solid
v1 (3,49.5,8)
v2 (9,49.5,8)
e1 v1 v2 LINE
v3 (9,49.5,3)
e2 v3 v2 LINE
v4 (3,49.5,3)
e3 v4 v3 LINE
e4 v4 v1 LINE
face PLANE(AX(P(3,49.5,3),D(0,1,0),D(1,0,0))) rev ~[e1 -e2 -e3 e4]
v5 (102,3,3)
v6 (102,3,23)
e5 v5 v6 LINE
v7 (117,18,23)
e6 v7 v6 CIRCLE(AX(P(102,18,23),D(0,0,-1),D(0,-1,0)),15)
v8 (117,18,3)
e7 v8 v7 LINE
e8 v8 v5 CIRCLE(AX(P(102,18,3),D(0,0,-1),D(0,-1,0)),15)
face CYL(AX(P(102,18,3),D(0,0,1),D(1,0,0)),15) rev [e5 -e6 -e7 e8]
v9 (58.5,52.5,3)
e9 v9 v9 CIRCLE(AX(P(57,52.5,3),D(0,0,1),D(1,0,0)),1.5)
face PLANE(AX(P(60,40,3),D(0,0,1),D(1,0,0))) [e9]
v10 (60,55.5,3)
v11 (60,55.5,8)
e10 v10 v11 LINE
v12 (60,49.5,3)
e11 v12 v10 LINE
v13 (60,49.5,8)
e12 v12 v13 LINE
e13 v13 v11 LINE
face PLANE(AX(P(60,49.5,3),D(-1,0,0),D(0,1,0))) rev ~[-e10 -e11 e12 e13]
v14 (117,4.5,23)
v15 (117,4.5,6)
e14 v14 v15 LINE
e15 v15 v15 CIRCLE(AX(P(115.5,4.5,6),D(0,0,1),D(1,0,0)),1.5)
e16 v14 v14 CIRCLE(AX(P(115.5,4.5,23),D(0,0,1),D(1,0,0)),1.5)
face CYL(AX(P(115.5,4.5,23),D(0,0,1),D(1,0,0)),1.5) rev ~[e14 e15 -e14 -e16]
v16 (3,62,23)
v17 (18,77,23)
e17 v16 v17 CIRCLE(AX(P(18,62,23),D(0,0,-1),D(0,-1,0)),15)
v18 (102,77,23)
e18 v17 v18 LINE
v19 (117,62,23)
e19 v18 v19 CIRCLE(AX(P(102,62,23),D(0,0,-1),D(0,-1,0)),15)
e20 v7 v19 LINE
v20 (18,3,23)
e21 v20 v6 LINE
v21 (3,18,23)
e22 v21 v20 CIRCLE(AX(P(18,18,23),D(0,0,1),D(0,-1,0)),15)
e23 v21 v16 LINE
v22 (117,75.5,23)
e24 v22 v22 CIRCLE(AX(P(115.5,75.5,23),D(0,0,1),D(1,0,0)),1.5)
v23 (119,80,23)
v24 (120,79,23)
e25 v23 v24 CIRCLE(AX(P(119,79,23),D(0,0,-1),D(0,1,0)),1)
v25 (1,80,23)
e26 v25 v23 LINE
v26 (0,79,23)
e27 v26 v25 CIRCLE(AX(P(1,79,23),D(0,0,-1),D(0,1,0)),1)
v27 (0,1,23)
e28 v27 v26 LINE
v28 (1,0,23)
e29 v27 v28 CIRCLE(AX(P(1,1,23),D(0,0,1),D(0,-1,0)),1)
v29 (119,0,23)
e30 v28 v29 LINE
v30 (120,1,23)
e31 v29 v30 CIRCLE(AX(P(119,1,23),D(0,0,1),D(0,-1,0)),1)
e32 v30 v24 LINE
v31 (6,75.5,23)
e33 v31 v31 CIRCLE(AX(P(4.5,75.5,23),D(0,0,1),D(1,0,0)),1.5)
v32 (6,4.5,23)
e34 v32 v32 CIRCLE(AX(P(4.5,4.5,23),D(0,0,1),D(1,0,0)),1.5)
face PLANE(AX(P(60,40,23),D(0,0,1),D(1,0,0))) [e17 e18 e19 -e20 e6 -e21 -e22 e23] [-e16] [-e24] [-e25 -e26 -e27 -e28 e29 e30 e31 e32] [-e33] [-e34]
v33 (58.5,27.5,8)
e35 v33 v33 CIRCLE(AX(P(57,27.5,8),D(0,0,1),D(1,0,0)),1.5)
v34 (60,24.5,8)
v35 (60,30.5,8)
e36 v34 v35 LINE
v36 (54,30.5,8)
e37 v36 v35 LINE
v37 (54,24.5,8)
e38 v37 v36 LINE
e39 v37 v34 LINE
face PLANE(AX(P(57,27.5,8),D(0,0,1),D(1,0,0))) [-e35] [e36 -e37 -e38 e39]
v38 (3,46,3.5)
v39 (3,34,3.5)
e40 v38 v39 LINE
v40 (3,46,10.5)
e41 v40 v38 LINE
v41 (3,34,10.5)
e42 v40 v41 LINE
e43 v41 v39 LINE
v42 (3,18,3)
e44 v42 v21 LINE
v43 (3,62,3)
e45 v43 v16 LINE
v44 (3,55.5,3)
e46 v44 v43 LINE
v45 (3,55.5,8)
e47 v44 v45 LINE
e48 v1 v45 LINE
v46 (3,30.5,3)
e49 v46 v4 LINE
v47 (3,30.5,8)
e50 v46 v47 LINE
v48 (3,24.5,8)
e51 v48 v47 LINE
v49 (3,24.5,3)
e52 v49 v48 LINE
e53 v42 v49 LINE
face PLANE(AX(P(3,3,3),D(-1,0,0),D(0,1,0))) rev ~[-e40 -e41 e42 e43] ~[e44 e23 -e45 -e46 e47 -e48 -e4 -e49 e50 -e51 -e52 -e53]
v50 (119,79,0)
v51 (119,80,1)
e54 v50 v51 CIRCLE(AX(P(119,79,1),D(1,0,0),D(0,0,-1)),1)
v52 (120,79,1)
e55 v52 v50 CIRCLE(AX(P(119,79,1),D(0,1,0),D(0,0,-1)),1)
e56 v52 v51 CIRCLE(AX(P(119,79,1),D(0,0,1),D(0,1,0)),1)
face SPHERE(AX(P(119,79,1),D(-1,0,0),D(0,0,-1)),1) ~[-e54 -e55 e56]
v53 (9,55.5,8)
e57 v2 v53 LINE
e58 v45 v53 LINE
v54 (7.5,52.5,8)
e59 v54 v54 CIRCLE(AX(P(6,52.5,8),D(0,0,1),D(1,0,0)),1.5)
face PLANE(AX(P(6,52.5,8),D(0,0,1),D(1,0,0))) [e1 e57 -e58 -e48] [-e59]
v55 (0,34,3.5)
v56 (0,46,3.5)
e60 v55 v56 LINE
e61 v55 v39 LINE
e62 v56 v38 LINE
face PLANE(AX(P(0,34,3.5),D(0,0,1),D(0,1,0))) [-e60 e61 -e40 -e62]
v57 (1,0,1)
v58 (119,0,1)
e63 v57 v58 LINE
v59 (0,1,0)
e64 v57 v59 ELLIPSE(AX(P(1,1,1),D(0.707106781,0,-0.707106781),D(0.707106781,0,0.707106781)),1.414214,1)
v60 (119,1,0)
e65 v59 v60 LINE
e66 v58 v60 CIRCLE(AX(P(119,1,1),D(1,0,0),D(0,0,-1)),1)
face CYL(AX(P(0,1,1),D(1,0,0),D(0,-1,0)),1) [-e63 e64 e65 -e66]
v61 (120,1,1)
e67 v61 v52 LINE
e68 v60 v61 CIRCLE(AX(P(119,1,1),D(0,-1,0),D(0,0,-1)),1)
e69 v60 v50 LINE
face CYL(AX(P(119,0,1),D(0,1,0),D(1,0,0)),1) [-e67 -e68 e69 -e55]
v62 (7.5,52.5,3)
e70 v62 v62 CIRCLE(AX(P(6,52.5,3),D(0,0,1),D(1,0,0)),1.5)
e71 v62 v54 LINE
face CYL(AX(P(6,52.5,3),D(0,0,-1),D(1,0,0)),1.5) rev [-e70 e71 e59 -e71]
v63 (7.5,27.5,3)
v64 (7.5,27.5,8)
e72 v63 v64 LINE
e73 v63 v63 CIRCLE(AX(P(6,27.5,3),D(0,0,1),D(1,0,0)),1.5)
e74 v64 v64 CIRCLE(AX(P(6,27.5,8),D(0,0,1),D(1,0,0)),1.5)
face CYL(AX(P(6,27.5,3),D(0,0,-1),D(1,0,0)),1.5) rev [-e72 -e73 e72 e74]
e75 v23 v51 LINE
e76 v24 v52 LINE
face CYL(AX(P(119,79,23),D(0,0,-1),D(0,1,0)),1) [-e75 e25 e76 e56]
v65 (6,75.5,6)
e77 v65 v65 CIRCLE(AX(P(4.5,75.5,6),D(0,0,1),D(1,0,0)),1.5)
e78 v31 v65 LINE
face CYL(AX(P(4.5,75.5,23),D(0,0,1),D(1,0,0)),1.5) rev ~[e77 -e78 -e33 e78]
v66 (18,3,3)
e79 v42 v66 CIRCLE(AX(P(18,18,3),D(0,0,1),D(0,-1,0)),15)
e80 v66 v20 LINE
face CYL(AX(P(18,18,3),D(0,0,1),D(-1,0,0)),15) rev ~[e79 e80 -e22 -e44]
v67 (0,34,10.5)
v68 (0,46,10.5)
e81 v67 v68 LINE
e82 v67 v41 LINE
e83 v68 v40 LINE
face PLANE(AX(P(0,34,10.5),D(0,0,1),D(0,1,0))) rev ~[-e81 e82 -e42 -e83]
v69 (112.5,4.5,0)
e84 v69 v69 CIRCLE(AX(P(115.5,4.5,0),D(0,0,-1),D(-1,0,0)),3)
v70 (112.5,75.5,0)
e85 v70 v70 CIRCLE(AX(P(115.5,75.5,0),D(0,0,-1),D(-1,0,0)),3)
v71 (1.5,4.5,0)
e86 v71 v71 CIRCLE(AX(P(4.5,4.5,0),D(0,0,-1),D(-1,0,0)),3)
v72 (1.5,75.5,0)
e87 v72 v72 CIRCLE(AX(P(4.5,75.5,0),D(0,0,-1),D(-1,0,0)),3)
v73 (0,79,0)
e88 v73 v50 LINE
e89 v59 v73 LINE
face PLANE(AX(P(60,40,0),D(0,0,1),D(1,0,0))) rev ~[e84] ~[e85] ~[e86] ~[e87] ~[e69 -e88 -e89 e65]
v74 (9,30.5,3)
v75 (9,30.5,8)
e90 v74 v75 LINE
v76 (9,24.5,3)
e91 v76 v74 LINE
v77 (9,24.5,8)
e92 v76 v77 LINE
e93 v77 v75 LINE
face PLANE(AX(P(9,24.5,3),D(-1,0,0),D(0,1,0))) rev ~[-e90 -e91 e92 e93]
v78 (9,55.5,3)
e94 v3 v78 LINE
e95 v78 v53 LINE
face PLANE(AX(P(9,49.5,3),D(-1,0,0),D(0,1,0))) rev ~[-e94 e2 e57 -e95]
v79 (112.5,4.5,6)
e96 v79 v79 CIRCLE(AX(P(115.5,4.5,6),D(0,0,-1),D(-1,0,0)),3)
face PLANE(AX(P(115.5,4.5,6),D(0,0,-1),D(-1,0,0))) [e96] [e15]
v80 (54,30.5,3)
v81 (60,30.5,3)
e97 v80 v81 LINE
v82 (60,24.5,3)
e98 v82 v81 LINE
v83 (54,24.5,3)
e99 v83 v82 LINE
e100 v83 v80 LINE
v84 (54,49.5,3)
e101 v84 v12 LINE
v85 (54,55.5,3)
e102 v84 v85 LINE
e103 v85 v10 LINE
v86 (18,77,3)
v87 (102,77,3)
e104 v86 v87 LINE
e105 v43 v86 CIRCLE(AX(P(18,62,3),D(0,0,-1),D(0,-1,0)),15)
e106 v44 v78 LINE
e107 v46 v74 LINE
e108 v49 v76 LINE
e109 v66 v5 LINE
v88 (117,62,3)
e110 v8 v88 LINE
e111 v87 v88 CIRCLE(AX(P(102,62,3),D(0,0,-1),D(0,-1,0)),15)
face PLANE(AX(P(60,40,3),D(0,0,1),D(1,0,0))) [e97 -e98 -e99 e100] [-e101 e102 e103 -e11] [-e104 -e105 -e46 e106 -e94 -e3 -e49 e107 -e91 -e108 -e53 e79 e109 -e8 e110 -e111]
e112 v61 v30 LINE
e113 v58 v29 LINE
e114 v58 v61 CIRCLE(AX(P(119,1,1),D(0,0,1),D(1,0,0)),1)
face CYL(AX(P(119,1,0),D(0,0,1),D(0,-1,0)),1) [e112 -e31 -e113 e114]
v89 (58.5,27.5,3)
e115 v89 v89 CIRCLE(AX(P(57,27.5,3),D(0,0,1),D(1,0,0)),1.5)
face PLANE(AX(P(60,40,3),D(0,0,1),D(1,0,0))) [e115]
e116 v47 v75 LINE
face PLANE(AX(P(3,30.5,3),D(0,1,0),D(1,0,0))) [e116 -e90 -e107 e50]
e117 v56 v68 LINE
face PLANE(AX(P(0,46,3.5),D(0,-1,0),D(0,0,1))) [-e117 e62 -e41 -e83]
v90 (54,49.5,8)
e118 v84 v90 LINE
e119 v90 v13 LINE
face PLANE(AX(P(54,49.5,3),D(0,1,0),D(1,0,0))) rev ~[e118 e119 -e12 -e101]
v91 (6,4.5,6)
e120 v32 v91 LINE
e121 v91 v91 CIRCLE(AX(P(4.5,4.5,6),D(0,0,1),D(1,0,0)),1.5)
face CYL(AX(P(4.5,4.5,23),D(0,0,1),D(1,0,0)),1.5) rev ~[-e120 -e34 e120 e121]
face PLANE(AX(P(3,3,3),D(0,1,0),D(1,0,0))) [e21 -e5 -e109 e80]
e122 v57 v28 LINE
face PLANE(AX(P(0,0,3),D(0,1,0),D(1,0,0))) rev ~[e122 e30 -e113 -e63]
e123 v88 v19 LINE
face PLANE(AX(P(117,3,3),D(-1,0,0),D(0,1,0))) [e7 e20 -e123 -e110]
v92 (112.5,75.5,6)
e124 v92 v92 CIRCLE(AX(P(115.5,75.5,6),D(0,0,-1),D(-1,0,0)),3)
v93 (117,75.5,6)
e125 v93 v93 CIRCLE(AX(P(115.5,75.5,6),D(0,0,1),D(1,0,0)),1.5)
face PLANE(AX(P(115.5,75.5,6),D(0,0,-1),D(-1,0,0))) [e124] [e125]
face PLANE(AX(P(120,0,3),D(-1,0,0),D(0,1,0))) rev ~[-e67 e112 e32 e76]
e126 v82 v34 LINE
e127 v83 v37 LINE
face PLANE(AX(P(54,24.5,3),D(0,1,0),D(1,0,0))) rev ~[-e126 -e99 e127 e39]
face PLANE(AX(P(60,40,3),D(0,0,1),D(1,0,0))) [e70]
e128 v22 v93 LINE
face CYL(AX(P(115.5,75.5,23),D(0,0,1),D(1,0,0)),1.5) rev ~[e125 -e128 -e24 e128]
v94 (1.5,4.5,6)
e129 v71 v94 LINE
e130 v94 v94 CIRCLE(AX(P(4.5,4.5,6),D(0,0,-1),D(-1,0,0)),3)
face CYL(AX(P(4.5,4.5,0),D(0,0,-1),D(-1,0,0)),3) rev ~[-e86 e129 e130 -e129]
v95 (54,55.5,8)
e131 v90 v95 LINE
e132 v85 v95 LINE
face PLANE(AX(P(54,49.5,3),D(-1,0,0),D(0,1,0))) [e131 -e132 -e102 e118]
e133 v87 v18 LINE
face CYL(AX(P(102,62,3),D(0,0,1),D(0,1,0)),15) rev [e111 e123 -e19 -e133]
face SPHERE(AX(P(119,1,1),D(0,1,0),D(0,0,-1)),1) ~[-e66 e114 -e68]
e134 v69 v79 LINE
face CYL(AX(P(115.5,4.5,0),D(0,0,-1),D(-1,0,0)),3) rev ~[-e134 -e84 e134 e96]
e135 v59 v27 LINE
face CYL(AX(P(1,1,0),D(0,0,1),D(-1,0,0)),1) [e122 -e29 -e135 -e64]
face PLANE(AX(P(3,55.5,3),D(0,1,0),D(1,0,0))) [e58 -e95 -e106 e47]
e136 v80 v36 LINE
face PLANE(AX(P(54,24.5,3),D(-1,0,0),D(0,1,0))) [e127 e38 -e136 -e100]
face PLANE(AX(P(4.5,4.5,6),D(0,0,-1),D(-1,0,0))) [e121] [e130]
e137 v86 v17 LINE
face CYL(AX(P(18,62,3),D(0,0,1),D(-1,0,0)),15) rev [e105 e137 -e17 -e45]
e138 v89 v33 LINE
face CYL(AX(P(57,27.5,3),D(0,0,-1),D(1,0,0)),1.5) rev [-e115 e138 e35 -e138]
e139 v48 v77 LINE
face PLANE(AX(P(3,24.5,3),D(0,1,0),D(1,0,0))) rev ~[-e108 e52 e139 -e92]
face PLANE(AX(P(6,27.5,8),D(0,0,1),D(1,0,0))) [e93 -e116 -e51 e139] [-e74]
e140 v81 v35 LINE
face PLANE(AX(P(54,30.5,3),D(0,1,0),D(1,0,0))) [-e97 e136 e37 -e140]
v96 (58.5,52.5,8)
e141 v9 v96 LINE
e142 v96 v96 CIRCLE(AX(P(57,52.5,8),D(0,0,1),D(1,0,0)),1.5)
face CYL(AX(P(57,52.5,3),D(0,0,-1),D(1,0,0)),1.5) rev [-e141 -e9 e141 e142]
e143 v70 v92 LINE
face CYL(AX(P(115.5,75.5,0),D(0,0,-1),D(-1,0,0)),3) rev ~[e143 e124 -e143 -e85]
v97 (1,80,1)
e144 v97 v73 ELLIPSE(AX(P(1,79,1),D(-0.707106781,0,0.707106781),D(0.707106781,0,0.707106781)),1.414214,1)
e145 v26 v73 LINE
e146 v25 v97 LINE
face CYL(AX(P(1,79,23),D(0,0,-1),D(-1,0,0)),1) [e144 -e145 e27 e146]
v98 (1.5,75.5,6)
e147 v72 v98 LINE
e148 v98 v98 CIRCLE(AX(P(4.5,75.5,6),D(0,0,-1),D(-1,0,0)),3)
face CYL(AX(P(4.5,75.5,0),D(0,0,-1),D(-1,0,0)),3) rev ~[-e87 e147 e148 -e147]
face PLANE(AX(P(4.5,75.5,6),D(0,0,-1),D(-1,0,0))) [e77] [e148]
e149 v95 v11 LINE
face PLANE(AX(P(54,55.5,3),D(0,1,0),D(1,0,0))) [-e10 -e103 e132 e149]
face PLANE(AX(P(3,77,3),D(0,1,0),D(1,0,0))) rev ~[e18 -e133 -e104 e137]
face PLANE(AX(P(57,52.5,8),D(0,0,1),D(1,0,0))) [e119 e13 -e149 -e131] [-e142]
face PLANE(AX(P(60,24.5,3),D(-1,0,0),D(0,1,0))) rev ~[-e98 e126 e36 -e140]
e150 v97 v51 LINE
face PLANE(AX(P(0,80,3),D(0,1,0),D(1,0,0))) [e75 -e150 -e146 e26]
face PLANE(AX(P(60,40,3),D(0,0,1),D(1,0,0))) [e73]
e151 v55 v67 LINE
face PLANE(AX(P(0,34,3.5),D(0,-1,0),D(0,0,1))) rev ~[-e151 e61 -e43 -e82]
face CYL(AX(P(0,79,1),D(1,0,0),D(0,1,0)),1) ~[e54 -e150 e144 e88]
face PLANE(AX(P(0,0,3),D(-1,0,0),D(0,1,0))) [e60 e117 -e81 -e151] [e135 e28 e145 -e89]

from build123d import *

# Parameters (mm, degrees)
ESQUISSE1_W             = 120
ESQUISSE1_H             = 80
BOSS_EXTRU_1_DEPTH      = 3
ESQUISSE4_W             = 120
ESQUISSE4_H             = 80
ESQUISSE4_W_2           = 114
ESQUISSE4_H_2           = 74
BOSS_EXTRU_3_DEPTH      = 20
CONG_1_R                = 15
ESQUISSE5_R             = 1.5
ENL_V_MAT_EXTRU_1_DEPTH = 147.044513762
ESQUISSE7_R             = 3
ENL_V_MAT_EXTRU_3_DEPTH = 6
ESQUISSE8_W             = 6
ESQUISSE8_H             = 6
ESQUISSE8_R             = 1.5
BOSS_EXTRU_4_DEPTH      = 5
ENL_V_MAT_EXTRU_4_REACH = 148.045
ESQUISSE9_W             = 7
ESQUISSE9_H             = 12
CONG_3_R                = 1


with BuildPart() as part:
    # Esquisse1 → Boss.-Extru.1 (new body)
    with BuildSketch(Plane.XY):
        with Locations((60, 40)):
            Rectangle(ESQUISSE1_W, ESQUISSE1_H)
    extrude(amount=BOSS_EXTRU_1_DEPTH)

    # Esquisse4 → Boss.-Extru.3 (add)
    with BuildSketch(Plane.XY.offset(3)):
        with Locations((60, 40)):
            Rectangle(ESQUISSE4_W, ESQUISSE4_H)
        with Locations((60, 40)):
            Rectangle(ESQUISSE4_W_2, ESQUISSE4_H_2, mode=Mode.SUBTRACT)
    extrude(amount=BOSS_EXTRU_3_DEPTH)

    # Congé1
    cong_1_edges = [part.edges().sort_by_distance(p)[0] for p in [
        (3, 3, 13),
        (117, 3, 13),
        (117, 77, 13),
        (3, 77, 13),
    ]]
    fillet(cong_1_edges, radius=CONG_1_R)

    # Esquisse5 → Enlèv. mat.-Extru.1 (cut, through all)
    with BuildSketch(Plane.XY.offset(23)):
        with Locations((4.5, 75.5)):
            Circle(ESQUISSE5_R)
        with Locations((115.5, 75.5)):
            Circle(ESQUISSE5_R)
        with Locations((115.5, 4.5)):
            Circle(ESQUISSE5_R)
        with Locations((4.5, 4.5)):
            Circle(ESQUISSE5_R)
    extrude(amount=-ENL_V_MAT_EXTRU_1_DEPTH, mode=Mode.SUBTRACT)

    # Esquisse7 → Enlèv. mat.-Extru.3 (cut)
    with BuildSketch(Plane(origin=(0, 0, 0), x_dir=(-1, 0, 0), z_dir=(0, 0, -1))):
        with Locations((-115.5, 75.5)):
            Circle(ESQUISSE7_R)
        with Locations((-4.5, 75.5)):
            Circle(ESQUISSE7_R)
        with Locations((-4.5, 4.5)):
            Circle(ESQUISSE7_R)
        with Locations((-115.5, 4.5)):
            Circle(ESQUISSE7_R)
    extrude(amount=-ENL_V_MAT_EXTRU_3_DEPTH, mode=Mode.SUBTRACT)

    # Esquisse8 → Boss.-Extru.4 (add)
    # profile 1 of 4: a face of its own
    with BuildSketch(Plane.XY.offset(3)):
        with Locations((6, 52.5)):
            Rectangle(ESQUISSE8_W, ESQUISSE8_H)
        with Locations((6, 52.5)):
            Circle(ESQUISSE8_R, mode=Mode.SUBTRACT)
    # profile 2 of 4: a face of its own
    with BuildSketch(Plane.XY.offset(3)):
        with Locations((57, 52.5)):
            Rectangle(ESQUISSE8_W, ESQUISSE8_H)
        with Locations((57, 52.5)):
            Circle(ESQUISSE8_R, mode=Mode.SUBTRACT)
    # profile 3 of 4: a face of its own
    with BuildSketch(Plane.XY.offset(3)):
        with Locations((57, 27.5)):
            Rectangle(ESQUISSE8_W, ESQUISSE8_H)
        with Locations((57, 27.5)):
            Circle(ESQUISSE8_R, mode=Mode.SUBTRACT)
    # profile 4 of 4: a face of its own
    with BuildSketch(Plane.XY.offset(3)):
        with Locations((6, 27.5)):
            Rectangle(ESQUISSE8_W, ESQUISSE8_H)
        with Locations((6, 27.5)):
            Circle(ESQUISSE8_R, mode=Mode.SUBTRACT)
    extrude(amount=BOSS_EXTRU_4_DEPTH)

    # Esquisse9 → Enlèv. mat.-Extru.4 (cut, up to next)
    with BuildSketch(Plane.ZY, mode=Mode.PRIVATE) as enl_v_mat_extru_4_sk1:
        with Locations((7, 40)):
            Rectangle(ESQUISSE9_W, ESQUISSE9_H)
    enl_v_mat_extru_4_tool1 = extrude(enl_v_mat_extru_4_sk1.sketch, amount=-ENL_V_MAT_EXTRU_4_REACH, mode=Mode.PRIVATE) & part.part
    add(enl_v_mat_extru_4_tool1.solids().sort_by_distance((0, 40, 7))[0], mode=Mode.SUBTRACT)

    # Congé3
    cong_3_edges = [part.edges().sort_by_distance(p)[0] for p in [
        (60, 80, 0),
        (120, 40, 0),
        (60, 0, 0),
        (0, 80, 11.5),
        (120, 80, 11.5),
        (120, 0, 11.5),
        (0, 0, 11.5),
    ]]
    fillet(cong_3_edges, radius=CONG_3_R)


solid = part.part
